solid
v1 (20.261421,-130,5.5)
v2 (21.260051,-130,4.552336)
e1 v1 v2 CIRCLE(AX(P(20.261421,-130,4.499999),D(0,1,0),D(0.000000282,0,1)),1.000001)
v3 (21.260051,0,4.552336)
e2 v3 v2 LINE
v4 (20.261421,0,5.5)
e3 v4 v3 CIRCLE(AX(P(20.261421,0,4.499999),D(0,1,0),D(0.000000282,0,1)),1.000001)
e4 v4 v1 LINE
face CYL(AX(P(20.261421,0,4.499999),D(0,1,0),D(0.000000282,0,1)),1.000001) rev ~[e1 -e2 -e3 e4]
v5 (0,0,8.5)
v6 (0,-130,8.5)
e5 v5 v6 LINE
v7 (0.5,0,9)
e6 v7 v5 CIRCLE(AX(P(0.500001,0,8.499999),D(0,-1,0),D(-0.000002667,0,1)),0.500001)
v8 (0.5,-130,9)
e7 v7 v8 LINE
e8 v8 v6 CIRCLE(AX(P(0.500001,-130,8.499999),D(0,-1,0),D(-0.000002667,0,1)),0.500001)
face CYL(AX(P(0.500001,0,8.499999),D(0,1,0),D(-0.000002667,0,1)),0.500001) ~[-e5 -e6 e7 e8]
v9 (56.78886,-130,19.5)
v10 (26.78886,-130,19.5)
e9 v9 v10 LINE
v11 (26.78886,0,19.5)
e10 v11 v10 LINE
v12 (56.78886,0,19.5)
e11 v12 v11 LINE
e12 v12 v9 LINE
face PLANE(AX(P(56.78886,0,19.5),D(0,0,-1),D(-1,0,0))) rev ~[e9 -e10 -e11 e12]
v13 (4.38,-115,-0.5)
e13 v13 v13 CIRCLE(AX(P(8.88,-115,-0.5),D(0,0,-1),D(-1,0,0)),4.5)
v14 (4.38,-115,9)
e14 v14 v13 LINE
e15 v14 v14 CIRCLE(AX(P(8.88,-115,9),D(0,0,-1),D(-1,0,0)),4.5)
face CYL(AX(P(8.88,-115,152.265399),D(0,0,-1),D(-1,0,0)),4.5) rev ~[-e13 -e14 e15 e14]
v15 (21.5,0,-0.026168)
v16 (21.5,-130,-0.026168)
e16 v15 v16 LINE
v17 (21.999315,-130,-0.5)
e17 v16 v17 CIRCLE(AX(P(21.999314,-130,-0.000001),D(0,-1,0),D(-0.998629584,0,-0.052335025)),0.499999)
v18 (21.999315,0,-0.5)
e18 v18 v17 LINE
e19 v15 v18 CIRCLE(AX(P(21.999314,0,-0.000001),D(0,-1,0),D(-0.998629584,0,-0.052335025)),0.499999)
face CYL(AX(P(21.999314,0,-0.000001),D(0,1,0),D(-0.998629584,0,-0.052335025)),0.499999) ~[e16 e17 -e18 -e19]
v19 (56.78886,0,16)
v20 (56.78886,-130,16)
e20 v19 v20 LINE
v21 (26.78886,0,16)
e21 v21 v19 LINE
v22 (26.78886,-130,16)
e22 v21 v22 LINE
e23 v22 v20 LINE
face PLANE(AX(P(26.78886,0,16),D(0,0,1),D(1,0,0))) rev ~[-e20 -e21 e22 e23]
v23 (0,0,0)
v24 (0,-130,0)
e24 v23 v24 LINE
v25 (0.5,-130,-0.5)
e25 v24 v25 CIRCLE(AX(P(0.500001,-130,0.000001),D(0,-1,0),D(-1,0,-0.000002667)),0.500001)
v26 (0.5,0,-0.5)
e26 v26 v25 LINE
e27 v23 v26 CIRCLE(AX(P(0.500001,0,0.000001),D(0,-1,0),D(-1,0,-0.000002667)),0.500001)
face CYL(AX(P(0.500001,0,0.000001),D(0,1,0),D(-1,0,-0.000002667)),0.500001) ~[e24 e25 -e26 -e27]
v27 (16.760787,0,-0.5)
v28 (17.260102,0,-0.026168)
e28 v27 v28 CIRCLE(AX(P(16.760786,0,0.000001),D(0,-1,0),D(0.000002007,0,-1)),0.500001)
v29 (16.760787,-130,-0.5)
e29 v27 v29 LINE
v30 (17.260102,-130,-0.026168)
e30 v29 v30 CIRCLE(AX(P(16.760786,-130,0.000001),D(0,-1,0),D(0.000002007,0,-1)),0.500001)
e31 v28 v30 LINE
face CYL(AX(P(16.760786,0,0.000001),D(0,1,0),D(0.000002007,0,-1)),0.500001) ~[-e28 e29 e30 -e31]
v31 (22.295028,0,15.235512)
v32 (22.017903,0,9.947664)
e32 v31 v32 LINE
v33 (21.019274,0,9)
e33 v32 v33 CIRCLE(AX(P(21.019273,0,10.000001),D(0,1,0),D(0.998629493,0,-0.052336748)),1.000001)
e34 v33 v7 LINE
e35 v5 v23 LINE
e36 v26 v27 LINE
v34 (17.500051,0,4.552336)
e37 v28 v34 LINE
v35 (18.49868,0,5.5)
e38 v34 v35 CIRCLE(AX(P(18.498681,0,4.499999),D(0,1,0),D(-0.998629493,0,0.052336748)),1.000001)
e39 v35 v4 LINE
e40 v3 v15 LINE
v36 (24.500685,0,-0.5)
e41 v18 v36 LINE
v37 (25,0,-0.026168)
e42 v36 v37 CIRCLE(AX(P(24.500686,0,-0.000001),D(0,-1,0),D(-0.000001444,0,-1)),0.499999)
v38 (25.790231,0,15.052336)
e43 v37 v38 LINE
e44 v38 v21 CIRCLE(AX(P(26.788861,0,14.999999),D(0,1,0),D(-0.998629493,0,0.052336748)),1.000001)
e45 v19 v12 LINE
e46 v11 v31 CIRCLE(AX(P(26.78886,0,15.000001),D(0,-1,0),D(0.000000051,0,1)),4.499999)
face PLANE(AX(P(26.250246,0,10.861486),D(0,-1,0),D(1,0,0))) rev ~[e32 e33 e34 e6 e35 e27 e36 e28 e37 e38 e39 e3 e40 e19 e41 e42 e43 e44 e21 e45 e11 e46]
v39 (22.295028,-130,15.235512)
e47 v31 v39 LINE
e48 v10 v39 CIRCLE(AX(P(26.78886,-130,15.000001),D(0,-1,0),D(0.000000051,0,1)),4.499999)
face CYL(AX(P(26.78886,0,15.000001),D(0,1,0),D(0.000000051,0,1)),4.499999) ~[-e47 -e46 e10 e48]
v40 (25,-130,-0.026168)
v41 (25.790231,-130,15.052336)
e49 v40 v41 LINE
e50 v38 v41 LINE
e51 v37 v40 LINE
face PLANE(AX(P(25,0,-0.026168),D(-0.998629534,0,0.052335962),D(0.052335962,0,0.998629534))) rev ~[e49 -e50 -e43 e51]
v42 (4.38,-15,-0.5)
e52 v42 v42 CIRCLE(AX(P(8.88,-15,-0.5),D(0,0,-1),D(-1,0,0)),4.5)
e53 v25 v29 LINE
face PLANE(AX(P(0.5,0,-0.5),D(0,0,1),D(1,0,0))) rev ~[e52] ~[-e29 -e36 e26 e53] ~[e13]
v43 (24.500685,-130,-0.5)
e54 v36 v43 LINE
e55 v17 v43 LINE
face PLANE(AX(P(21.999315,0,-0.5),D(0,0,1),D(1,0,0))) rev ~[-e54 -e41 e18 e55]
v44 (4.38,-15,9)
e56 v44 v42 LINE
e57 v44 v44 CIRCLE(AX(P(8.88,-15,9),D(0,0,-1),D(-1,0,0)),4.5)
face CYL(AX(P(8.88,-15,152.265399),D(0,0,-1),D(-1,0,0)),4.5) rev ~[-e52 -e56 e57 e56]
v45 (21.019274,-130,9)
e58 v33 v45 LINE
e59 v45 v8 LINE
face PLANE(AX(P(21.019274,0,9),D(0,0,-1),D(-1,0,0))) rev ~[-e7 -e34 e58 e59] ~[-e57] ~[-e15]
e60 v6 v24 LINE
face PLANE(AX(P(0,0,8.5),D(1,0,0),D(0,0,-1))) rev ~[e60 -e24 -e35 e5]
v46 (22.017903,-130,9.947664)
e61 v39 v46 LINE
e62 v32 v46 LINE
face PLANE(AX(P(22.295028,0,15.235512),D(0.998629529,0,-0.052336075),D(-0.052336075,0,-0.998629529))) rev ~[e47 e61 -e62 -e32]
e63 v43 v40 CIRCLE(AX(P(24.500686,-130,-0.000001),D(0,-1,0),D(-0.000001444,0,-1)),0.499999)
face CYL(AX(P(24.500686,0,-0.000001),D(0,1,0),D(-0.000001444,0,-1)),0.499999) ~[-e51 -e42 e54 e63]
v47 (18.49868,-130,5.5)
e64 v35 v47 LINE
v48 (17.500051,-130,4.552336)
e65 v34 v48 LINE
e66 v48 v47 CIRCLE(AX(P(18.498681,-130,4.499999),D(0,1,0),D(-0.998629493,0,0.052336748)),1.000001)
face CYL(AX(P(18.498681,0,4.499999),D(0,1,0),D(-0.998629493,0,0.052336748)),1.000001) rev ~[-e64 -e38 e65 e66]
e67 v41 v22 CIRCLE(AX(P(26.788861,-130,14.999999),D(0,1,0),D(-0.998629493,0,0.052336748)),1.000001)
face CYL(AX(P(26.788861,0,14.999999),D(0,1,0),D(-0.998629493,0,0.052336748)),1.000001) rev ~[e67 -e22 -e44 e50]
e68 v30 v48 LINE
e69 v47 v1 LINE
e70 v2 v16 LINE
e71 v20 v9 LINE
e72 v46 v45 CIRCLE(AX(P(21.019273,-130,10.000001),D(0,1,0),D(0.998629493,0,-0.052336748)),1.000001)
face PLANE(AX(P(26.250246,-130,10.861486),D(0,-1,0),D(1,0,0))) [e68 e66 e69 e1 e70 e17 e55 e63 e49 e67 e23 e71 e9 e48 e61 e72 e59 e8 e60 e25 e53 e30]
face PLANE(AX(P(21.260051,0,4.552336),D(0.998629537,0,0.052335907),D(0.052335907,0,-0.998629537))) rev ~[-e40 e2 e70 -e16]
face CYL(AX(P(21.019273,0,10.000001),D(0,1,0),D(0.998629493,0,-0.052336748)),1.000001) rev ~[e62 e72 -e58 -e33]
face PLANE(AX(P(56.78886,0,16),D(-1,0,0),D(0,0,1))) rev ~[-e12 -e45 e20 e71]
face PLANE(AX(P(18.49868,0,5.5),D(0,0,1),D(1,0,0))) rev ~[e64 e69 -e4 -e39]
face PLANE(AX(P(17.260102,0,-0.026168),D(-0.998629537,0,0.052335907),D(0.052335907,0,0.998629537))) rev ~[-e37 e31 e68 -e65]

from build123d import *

# Parameters (mm, degrees)
F1_DEPTH = 130
F3_D     = 9
F4_D     = 9


with BuildPart() as f1:
    # F0 (on Front) → F1 (new body)
    with BuildSketch(Plane.XZ):
        with BuildLine():
            Line((0, 8.5), (0, 0))
            ThreePointArc((0, 0), (0.146447, -0.353553), (0.5, -0.5))
            Line((0.5, -0.5), (16.760787, -0.5))
            ThreePointArc((16.760787, -0.5), (17.104964, -0.362687), (17.260102, -0.026168))
            Line((17.260102, -0.026168), (17.500051, 4.552336))
            ThreePointArc((17.500051, 4.552336), (17.810326, 5.225374), (18.49868, 5.5))
            Line((18.49868, 5.5), (20.261421, 5.5))
            ThreePointArc((20.261421, 5.5), (20.949776, 5.225374), (21.260051, 4.552336))
            Line((21.260051, 4.552336), (21.5, -0.026168))
            ThreePointArc((21.5, -0.026168), (21.655137, -0.362687), (21.999315, -0.5))
            Line((21.999315, -0.5), (24.500685, -0.5))
            ThreePointArc((24.500685, -0.5), (24.844863, -0.362687), (25, -0.026168))
            Line((25, -0.026168), (25.790231, 15.052336))
            ThreePointArc((25.790231, 15.052336), (26.100506, 15.725374), (26.78886, 16))
            Line((26.78886, 16), (56.78886, 16))
            Line((56.78886, 16), (56.78886, 19.5))
            Line((56.78886, 19.5), (26.78886, 19.5))
            ThreePointArc((26.78886, 19.5), (23.691265, 18.264185), (22.295028, 15.235512))
            Line((22.295028, 15.235512), (22.017903, 9.947664))
            ThreePointArc((22.017903, 9.947664), (21.707628, 9.274626), (21.019274, 9))
            Line((21.019274, 9), (0.5, 9))
            ThreePointArc((0.5, 9), (0.146447, 8.853553), (0, 8.5))
        make_face()
    extrude(amount=F1_DEPTH)

    # F3 (through all)
    with Locations(Plane.XY.offset(9)):
        with Locations((8.88, -15)):
            Hole(F3_D / 2)

    # F4 (through all)
    with Locations(Plane.XY.offset(9)):
        with Locations((8.88, -115)):
            Hole(F4_D / 2)


solid = f1.part
